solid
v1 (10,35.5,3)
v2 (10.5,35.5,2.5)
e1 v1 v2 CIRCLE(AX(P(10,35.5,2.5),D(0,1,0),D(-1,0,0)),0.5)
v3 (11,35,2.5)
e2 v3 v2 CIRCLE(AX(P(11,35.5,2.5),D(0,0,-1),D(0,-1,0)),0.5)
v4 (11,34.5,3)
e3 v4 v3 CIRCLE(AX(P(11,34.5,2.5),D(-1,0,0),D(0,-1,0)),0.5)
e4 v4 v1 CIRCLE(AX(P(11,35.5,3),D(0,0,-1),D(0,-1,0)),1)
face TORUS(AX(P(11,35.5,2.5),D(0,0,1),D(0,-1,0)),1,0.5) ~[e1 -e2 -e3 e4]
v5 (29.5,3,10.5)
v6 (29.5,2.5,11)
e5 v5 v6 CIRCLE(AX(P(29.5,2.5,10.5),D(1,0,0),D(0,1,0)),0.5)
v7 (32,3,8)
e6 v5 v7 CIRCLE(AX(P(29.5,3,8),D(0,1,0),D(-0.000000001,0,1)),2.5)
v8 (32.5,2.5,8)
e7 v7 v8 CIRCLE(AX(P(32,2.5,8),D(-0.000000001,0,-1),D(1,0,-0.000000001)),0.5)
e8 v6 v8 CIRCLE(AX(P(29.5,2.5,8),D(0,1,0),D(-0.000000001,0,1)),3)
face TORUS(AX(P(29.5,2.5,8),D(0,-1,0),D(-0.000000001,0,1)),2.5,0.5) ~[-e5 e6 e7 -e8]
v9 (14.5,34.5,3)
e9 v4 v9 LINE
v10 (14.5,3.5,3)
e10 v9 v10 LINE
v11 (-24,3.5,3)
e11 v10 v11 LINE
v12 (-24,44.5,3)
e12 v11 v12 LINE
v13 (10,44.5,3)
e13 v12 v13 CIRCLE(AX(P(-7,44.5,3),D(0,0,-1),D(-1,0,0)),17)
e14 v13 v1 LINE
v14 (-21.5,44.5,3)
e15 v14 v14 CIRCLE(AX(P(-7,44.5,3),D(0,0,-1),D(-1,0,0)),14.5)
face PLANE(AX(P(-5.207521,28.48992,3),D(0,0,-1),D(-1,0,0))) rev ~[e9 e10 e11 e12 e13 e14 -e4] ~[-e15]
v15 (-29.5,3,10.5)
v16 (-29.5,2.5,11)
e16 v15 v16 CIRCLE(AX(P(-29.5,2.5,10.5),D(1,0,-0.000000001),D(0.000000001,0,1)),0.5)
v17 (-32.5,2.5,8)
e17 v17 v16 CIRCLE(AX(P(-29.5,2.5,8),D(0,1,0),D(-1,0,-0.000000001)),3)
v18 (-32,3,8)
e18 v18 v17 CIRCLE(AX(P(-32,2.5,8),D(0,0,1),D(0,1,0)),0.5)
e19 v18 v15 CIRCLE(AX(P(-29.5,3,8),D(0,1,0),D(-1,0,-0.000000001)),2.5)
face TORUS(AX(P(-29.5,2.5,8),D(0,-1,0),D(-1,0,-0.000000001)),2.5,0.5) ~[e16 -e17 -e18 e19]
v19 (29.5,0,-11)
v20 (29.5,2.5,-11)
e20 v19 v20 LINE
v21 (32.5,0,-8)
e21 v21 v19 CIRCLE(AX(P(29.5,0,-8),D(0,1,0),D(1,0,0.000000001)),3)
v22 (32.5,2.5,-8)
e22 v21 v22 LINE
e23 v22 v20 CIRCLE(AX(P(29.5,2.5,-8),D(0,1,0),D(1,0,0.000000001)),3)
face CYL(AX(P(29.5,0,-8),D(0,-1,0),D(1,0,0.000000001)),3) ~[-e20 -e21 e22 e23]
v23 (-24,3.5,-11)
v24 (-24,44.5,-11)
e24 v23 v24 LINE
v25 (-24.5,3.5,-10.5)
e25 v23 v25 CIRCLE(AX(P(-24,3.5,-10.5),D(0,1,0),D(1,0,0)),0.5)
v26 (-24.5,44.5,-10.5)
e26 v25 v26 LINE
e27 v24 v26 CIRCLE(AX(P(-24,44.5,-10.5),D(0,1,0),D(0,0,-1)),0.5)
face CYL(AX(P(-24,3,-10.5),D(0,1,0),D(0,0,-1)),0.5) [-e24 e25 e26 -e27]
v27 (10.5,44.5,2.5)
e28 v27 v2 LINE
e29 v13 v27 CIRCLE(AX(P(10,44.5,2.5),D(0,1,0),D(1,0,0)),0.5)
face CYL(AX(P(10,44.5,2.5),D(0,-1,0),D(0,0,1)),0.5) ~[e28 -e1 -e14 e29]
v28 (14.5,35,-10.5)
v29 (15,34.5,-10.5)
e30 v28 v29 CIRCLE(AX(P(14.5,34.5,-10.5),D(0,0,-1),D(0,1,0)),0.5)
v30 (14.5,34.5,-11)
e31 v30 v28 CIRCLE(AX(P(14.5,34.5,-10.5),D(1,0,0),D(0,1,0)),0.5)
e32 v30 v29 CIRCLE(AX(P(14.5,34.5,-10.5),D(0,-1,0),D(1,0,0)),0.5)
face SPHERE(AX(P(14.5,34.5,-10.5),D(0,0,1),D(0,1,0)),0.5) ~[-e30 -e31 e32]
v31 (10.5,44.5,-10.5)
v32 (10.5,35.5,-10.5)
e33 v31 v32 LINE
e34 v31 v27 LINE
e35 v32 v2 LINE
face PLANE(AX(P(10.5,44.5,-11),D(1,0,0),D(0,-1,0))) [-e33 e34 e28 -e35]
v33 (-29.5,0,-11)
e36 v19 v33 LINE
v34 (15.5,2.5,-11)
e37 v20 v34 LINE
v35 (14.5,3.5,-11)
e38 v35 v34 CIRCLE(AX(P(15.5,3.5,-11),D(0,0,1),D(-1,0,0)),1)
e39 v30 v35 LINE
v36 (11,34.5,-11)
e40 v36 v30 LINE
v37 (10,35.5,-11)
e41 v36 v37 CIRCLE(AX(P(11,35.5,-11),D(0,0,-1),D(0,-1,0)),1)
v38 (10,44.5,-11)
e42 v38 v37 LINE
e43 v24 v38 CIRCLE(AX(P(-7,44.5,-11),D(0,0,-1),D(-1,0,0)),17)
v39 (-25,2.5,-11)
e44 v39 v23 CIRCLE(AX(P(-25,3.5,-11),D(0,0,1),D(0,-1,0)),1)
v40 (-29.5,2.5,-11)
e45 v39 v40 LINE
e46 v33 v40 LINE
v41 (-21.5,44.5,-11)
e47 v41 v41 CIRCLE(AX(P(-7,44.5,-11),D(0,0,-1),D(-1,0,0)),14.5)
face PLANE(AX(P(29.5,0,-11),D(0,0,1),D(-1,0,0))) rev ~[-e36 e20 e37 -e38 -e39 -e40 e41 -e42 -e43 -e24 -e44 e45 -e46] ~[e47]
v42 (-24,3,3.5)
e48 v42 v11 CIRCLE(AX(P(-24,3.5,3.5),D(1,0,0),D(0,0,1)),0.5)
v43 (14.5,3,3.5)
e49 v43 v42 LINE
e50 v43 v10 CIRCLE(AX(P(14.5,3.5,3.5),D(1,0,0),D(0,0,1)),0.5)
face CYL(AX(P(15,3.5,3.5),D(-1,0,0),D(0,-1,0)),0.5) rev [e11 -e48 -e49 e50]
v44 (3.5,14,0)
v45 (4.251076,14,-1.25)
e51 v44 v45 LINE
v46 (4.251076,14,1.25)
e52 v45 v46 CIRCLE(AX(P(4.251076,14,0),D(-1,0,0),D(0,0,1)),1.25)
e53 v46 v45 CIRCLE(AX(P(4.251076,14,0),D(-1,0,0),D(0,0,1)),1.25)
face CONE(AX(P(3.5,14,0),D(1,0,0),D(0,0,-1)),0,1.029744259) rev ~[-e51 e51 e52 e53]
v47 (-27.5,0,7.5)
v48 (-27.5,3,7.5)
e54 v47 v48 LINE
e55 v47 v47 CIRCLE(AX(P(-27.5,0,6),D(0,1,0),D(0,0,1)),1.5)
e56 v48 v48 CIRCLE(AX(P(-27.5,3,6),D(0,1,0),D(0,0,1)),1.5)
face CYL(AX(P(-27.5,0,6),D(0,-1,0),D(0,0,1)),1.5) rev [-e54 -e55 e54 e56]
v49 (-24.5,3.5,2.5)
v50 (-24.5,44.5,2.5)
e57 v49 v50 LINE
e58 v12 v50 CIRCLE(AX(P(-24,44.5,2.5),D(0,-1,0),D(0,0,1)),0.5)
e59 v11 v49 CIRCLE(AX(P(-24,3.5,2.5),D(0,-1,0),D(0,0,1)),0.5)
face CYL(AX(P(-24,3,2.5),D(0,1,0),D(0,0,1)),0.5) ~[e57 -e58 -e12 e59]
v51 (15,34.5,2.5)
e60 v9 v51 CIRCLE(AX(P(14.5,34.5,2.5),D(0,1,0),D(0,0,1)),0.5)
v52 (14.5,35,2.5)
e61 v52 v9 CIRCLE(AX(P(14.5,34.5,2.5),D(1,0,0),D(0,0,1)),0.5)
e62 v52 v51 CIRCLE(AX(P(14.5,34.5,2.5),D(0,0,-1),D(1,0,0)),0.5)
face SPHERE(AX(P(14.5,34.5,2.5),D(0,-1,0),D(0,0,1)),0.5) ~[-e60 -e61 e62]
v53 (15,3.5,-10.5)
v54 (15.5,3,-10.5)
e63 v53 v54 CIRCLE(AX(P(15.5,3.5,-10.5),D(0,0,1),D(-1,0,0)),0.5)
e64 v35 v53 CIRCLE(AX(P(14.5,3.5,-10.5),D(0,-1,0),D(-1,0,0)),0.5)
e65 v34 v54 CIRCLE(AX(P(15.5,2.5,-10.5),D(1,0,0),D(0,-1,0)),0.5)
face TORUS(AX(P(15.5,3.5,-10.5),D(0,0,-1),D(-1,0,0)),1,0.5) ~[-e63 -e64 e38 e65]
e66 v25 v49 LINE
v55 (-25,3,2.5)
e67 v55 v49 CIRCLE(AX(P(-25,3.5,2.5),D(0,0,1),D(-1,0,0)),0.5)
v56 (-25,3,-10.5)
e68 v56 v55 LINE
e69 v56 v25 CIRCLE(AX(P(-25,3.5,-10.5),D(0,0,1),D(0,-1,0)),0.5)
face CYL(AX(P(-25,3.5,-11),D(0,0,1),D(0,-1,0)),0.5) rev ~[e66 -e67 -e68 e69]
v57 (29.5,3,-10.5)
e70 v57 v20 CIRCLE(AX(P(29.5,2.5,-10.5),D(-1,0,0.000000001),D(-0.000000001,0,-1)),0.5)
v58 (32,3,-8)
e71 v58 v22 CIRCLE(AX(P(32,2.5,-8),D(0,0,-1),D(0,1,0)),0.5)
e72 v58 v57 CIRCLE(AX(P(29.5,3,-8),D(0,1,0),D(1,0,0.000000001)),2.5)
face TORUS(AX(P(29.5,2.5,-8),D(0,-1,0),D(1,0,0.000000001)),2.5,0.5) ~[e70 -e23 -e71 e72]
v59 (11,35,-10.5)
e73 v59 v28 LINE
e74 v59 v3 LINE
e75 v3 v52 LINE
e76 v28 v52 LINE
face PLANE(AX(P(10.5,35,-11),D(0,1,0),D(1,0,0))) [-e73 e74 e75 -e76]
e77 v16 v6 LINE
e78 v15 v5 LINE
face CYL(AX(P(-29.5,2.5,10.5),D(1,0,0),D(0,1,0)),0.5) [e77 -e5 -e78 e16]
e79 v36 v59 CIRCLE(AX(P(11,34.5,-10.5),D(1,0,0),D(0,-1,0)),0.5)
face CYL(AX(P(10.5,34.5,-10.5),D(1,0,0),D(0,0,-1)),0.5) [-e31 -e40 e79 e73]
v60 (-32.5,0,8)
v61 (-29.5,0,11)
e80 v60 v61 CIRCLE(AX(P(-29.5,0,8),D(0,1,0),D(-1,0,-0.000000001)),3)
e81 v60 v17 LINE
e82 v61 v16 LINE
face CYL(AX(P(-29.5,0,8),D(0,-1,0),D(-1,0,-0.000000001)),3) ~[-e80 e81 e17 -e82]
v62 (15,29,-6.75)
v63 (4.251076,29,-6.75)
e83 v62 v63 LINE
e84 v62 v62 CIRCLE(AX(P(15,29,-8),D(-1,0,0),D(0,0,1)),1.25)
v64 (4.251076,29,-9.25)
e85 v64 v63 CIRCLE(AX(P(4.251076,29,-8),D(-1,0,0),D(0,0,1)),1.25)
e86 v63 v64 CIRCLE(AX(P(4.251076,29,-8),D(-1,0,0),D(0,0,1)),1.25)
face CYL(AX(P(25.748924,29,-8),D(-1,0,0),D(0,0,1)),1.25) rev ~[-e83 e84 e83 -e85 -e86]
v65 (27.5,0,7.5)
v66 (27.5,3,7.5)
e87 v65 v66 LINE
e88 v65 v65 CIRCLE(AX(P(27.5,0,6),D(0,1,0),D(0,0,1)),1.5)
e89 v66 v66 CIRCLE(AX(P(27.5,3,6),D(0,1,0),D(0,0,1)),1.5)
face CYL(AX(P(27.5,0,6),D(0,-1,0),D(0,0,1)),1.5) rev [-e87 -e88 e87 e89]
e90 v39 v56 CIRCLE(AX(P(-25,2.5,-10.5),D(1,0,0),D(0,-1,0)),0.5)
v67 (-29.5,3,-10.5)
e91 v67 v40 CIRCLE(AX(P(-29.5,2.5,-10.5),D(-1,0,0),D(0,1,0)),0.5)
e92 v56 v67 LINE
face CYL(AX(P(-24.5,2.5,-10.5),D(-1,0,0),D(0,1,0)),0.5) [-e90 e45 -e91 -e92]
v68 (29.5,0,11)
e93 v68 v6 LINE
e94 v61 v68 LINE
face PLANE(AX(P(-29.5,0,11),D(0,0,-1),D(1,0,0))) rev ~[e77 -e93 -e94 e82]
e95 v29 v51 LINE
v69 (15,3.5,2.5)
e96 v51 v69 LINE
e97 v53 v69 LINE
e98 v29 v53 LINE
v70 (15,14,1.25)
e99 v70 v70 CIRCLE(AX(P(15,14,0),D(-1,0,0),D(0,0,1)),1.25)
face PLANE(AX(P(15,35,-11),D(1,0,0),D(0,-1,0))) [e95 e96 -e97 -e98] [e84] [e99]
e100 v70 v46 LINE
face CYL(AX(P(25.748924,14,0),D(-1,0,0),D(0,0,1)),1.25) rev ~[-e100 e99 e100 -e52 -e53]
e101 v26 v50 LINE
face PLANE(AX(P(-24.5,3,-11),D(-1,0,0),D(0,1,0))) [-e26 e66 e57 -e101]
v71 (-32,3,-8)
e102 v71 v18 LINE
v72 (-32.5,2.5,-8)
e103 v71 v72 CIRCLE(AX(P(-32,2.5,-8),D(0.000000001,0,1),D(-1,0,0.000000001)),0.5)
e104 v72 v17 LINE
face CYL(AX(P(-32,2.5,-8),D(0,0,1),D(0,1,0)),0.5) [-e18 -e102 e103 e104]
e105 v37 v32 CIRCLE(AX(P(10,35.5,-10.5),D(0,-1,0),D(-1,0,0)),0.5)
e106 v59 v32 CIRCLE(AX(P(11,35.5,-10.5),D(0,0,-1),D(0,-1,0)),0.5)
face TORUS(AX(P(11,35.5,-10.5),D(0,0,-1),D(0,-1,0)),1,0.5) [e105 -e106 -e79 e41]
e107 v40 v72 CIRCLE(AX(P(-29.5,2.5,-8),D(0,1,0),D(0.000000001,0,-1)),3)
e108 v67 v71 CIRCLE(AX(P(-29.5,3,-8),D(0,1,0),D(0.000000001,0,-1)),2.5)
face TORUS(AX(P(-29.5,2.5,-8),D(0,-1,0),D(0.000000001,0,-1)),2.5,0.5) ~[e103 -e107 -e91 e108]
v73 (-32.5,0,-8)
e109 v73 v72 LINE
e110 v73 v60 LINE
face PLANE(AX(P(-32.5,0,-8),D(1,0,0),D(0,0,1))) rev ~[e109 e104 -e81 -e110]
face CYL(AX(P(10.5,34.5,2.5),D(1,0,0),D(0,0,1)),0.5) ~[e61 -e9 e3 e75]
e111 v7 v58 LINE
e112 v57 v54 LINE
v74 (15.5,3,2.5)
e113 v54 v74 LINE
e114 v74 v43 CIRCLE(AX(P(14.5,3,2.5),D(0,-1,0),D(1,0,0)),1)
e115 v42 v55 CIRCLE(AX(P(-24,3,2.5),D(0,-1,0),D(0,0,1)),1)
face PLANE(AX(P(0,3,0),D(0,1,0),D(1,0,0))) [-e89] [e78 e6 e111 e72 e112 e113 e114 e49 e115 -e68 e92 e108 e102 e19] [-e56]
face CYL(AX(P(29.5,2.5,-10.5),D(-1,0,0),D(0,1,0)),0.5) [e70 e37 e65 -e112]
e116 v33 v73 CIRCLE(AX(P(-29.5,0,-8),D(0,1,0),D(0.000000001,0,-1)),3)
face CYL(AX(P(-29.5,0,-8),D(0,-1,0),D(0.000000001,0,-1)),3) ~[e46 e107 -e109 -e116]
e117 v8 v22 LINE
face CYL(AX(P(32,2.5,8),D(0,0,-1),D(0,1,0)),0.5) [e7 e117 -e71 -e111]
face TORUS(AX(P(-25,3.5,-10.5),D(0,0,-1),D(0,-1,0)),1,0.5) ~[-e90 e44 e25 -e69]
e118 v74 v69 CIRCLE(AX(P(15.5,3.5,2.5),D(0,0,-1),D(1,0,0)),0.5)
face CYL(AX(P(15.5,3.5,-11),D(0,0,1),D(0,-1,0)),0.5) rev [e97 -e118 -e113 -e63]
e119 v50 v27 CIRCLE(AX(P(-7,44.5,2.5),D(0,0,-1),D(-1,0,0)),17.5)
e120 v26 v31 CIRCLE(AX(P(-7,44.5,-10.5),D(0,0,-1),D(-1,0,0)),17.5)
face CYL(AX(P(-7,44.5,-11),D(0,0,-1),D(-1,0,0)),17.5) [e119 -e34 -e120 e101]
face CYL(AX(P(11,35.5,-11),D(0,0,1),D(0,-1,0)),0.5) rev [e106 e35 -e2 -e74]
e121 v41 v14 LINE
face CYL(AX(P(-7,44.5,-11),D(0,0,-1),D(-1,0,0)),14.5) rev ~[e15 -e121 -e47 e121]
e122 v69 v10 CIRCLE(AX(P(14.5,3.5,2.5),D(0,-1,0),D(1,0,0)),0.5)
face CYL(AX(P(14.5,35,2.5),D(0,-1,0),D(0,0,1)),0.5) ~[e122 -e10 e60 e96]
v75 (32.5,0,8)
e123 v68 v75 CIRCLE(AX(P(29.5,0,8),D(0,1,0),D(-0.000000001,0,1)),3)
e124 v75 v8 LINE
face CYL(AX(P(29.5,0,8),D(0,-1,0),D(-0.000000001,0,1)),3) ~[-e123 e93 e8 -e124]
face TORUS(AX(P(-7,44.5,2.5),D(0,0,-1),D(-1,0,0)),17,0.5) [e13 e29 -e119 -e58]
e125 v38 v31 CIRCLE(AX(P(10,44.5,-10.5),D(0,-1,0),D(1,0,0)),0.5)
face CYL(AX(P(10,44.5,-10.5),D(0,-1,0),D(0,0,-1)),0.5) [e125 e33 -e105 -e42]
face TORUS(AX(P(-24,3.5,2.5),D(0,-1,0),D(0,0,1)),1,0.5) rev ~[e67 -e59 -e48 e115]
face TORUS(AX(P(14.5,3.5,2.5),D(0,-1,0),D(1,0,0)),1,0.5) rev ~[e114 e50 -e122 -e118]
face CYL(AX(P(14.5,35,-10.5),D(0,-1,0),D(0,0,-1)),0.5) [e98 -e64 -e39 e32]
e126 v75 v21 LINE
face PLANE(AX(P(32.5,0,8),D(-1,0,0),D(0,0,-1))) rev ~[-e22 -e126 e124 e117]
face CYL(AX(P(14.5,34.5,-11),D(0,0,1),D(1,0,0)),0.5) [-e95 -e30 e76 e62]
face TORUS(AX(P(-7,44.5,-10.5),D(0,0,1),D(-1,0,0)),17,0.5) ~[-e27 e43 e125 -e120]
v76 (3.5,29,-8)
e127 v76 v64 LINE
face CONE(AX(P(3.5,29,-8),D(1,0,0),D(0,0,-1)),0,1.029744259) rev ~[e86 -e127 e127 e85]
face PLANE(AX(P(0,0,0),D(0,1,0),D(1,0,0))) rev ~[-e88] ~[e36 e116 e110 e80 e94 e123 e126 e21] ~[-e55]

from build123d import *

# Parameters (mm, degrees)
SKETCH1_R                 = 1.5
BOSS_EXTRUDE1_DEPTH       = 3
SKETCH3_R                 = 14.5
BOSS_EXTRUDE2_DEPTH       = 14
M3X0_5_TAPPED_HOLE1_D     = 2.5
M3X0_5_TAPPED_HOLE1_DEPTH = 10.748924226
M3X0_5_TAPPED_HOLE1_TIP   = 0.751075774
FILLET2_R                 = 0.5


with BuildPart() as part:
    # Sketch1 → Boss-Extrude1 (new body)
    with BuildSketch(Plane(origin=(0, 0, 0), x_dir=(1, 0, 0), z_dir=(0, 1, 0))):
        with BuildLine():
            Line((-29.5, -11), (29.5, -11))
            ThreePointArc((29.5, -11), (31.621320344, -10.121320344), (32.5, -8))
            Line((32.5, -8), (32.5, 8))
            ThreePointArc((32.5, 8), (31.621320344, 10.121320344), (29.5, 11))
            Line((29.5, 11), (-29.5, 11))
            ThreePointArc((-29.5, 11), (-31.621320344, 10.121320344), (-32.5, 8))
            Line((-32.5, 8), (-32.5, -8))
            ThreePointArc((-32.5, -8), (-31.621320344, -10.121320344), (-29.5, -11))
        make_face()
        with Locations(Location((-27.5, -6, 0), (0, 0, 270))):
            Circle(SKETCH1_R, mode=Mode.SUBTRACT)
        with Locations(Location((27.5, -6, 0), (0, 0, 270))):
            Circle(SKETCH1_R, mode=Mode.SUBTRACT)
    extrude(amount=BOSS_EXTRUDE1_DEPTH)

    # Sketch3 → Boss-Extrude2 (add)
    with BuildSketch(Plane(origin=(0, 0, -11), x_dir=(-1, 0, 0), z_dir=(0, 0, -1))):
        with BuildLine():
            Line((24.5, 3), (24.5, 44.5))
            ThreePointArc((24.5, 44.5), (7, 62), (-10.5, 44.5))
            Line((-10.5, 44.5), (-10.5, 35))
            Line((-10.5, 35), (-15, 35))
            Line((-15, 35), (-15, 3))
            Line((-15, 3), (24.5, 3))
        make_face()
        with Locations((7, 44.5)):
            Circle(SKETCH3_R, mode=Mode.SUBTRACT)
    extrude(amount=-BOSS_EXTRUDE2_DEPTH)

    # M3x0.5 Tapped Hole1
    with Locations(Plane(origin=(15, 0, 0), x_dir=(0, 0, -1), z_dir=(1, 0, 0))):
        with Locations((0, 14), (8, 29)):
            Hole(M3X0_5_TAPPED_HOLE1_D / 2, depth=M3X0_5_TAPPED_HOLE1_DEPTH)
            with Locations((0, 0, -(M3X0_5_TAPPED_HOLE1_DEPTH + M3X0_5_TAPPED_HOLE1_TIP / 2))):  # 118° drill point
                Cone(0, M3X0_5_TAPPED_HOLE1_D / 2, M3X0_5_TAPPED_HOLE1_TIP, mode=Mode.SUBTRACT)

    # Fillet2
    fillet2_edges = [part.edges().sort_by_distance(p)[0] for p in [
        (-31.621320344, 3, -10.121320344),
        (-32.5, 3, 0),
        (-31.621320344, 3, 10.121320344),
        (0, 3, 11),
        (31.621320344, 3, 10.121320344),
        (32.5, 3, 0),
        (-27, 3, -11),
        (-24.5, 23.75, -11),
        (-24.5, 3, -4),
        (15, 19, 3),
        (15, 3, -4),
        (12.75, 35, 3),
        (15, 35, -4),
        (10.5, 39.75, 3),
        (10.5, 35, -4),
        (-7, 62, 3),
        (-24.5, 23.75, 3),
        (-4.75, 3, 3),
        (-7, 62, -11),
        (10.5, 39.75, -11),
        (12.75, 35, -11),
        (15, 19, -11),
        (31.621320344, 3, -10.121320344),
        (22.25, 3, -11),
    ]]
    fillet(fillet2_edges, radius=FILLET2_R)


solid = part.part
